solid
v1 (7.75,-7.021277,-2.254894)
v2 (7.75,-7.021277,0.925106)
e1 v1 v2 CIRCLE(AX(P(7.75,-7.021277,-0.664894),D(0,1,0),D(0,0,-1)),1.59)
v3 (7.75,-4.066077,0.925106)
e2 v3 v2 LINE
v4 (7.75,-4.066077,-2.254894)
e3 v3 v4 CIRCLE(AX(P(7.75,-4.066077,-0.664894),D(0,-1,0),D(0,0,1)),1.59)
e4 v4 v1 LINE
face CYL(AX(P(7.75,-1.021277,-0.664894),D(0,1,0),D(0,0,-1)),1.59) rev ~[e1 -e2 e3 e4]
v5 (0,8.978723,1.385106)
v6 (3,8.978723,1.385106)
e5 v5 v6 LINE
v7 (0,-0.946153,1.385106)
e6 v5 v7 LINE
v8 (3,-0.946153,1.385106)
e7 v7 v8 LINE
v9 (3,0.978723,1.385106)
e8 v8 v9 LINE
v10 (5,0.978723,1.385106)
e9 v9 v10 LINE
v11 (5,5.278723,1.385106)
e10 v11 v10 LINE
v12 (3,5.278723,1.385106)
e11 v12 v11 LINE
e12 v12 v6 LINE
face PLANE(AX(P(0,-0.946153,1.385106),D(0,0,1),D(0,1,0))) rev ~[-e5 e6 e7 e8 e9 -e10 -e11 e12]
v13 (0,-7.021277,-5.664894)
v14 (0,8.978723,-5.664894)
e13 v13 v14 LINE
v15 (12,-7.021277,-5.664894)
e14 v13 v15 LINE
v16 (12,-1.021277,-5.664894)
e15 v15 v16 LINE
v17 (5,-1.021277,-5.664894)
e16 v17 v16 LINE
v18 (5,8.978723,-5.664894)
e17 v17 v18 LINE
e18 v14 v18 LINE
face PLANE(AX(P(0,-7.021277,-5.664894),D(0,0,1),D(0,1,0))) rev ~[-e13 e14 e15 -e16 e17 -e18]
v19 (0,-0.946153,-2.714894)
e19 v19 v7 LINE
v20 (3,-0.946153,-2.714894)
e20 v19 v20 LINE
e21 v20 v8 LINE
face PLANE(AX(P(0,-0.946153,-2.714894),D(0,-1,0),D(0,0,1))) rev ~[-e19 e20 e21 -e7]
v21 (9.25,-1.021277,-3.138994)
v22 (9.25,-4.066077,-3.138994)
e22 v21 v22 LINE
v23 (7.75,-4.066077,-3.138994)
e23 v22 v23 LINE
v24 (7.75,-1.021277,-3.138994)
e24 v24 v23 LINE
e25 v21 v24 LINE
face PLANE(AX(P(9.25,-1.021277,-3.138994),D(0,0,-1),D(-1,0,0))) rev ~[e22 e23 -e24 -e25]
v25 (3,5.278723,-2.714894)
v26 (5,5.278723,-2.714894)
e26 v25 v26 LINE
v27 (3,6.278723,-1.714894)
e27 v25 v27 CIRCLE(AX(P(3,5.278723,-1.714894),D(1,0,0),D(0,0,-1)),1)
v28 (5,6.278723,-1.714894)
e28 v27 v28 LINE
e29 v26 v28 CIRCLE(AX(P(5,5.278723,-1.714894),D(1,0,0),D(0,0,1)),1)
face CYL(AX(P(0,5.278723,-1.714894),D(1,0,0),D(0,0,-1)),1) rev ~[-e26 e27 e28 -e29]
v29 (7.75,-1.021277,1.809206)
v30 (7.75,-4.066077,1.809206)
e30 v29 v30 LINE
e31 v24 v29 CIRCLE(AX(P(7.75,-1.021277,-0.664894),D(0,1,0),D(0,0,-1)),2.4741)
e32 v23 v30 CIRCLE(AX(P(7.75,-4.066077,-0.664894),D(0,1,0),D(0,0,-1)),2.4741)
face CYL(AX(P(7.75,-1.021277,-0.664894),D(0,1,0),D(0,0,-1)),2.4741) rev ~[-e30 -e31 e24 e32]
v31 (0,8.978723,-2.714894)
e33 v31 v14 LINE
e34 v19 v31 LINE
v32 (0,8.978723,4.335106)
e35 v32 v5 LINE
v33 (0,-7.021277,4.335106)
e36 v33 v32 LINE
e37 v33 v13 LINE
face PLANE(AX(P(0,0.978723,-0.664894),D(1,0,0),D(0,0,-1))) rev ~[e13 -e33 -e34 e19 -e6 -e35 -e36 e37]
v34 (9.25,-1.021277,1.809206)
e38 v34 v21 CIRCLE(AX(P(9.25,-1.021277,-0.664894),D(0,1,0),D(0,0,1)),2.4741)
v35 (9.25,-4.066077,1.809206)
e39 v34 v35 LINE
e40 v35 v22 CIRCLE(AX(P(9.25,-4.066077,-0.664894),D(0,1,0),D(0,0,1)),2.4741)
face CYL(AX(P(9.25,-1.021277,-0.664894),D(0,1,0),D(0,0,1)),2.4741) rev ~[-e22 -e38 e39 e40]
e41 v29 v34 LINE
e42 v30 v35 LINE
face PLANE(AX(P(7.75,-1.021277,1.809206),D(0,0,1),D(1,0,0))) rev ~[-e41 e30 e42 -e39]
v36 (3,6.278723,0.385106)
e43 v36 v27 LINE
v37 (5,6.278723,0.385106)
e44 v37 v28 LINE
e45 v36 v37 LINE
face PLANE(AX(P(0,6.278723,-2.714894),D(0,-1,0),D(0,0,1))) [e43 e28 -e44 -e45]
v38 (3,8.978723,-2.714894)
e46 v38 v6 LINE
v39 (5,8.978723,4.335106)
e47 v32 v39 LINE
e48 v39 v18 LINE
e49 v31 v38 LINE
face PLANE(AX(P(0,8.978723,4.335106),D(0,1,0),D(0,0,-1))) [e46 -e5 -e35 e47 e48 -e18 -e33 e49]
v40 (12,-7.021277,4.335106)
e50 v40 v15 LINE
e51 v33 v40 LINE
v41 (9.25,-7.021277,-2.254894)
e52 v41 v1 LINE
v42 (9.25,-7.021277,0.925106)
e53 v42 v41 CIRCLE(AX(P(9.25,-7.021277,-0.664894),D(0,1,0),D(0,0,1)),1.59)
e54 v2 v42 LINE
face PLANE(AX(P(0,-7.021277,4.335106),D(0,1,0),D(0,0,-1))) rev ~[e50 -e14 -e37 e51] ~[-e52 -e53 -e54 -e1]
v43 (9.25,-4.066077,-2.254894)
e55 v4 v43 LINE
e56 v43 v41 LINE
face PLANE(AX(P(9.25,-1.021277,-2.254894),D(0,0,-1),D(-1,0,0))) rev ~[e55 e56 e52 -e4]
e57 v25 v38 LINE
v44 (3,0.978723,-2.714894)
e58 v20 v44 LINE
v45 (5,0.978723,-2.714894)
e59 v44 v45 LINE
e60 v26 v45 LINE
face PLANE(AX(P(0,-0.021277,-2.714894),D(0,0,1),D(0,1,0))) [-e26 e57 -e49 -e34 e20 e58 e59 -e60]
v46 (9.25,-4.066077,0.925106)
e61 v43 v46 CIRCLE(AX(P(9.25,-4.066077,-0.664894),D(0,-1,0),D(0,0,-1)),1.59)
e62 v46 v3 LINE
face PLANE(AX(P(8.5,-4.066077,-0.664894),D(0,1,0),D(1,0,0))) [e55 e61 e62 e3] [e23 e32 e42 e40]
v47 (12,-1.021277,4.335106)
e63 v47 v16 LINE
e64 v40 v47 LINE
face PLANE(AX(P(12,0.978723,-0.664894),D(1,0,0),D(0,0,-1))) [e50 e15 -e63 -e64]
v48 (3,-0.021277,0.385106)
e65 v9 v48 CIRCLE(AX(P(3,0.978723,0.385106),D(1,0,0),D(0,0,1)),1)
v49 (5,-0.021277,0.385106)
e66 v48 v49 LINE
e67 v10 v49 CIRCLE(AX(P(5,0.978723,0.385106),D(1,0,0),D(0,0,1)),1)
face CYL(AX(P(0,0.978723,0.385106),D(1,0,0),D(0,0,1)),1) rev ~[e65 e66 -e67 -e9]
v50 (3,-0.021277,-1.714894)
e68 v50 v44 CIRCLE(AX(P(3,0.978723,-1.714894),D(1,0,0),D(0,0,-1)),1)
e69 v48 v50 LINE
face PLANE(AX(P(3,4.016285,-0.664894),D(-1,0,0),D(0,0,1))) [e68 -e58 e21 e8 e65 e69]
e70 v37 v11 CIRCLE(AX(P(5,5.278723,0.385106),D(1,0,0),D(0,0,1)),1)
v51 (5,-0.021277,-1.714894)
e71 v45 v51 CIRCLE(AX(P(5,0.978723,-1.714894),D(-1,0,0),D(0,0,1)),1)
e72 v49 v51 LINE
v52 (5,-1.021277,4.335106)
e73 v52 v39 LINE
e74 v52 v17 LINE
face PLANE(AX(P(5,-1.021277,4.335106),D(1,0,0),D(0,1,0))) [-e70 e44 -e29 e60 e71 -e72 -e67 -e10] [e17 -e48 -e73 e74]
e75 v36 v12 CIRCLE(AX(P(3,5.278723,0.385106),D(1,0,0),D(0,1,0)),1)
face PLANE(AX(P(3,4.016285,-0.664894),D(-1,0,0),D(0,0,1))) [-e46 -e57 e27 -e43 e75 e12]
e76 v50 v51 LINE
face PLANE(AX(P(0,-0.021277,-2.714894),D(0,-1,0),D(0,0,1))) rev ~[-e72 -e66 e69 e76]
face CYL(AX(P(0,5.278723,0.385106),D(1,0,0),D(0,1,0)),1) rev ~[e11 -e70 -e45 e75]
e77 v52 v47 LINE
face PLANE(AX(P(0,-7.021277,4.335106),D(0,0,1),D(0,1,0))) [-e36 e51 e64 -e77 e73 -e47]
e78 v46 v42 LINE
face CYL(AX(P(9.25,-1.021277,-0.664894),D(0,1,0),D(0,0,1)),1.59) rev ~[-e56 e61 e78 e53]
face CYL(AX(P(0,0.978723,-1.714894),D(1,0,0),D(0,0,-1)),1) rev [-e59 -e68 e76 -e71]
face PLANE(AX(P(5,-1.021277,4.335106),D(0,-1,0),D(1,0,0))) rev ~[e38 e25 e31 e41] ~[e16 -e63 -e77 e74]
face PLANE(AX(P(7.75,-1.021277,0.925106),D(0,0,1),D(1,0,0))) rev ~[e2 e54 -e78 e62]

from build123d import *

# Parameters (mm, degrees)
SKETCH1_W           = 10
SKETCH1_H           = 16
BOSS_EXTRUDE1_DEPTH = 12
SKETCH2_W           = 7
SKETCH2_H           = 10
CUT_EXTRUDE1_DEPTH  = 19.01714389
CUT_EXTRUDE2_DEPTH  = 17.615986871
CUT_EXTRUDE3_DEPTH  = 3.0448
SKETCH4_W           = 4.1
SKETCH4_H           = 6.3
CUT_EXTRUDE4_DEPTH  = 17.022125129
FILLET2_R           = 1
SKETCH4_6_W         = 4.1
SKETCH4_6_H         = 9.924876291
CUT_EXTRUDE7_DEPTH  = 3


with BuildPart() as part:
    # Sketch1 → Boss-Extrude1 (new body)
    with BuildSketch(Plane(origin=(0, 0, 0), x_dir=(0, 0, -1), z_dir=(1, 0, 0))):
        with Locations((0.664893617, 0.978723404)):
            Rectangle(SKETCH1_W, SKETCH1_H)
    extrude(amount=BOSS_EXTRUDE1_DEPTH)

    # Sketch2 → Cut-Extrude1 (cut, through all)
    with BuildSketch(Plane.XY.offset(4.335106383)):
        with Locations((8.5, 3.978723404)):
            Rectangle(SKETCH2_W, SKETCH2_H)
    extrude(amount=-CUT_EXTRUDE1_DEPTH, mode=Mode.SUBTRACT)

    # Sketch3 → Cut-Extrude2 (cut, through all)
    with BuildSketch(Plane(origin=(0, -1.021276596, 0), x_dir=(1, 0, 0), z_dir=(0, 1, 0))):
        with BuildLine():
            ThreePointArc((7.75, 2.254893617), (6.16, 0.664893617), (7.75, -0.925106383))
            Line((7.75, -0.925106383), (9.25, -0.925106383))
            ThreePointArc((9.25, -0.925106383), (10.84, 0.664893617), (9.25, 2.254893617))
            Line((9.25, 2.254893617), (7.75, 2.254893617))
        make_face()
    extrude(amount=-CUT_EXTRUDE2_DEPTH, mode=Mode.SUBTRACT)

    # Sketch3<3> → Cut-Extrude3 (cut)
    with BuildSketch(Plane(origin=(0, -1.021276596, 0), x_dir=(1, 0, 0), z_dir=(0, 1, 0))):
        with BuildLine():
            ThreePointArc((7.75, 3.138993617), (5.2759, 0.664893617), (7.75, -1.809206383))
            Line((7.75, -1.809206383), (9.25, -1.809206383))
            ThreePointArc((9.25, -1.809206383), (11.7241, 0.664893617), (9.25, 3.138993617))
            Line((9.25, 3.138993617), (7.75, 3.138993617))
        make_face()
        with BuildLine():
            ThreePointArc((9.25, 2.254893617), (10.84, 0.664893617), (9.25, -0.925106383))
            Line((9.25, -0.925106383), (7.75, -0.925106383))
            ThreePointArc((7.75, -0.925106383), (6.16, 0.664893617), (7.75, 2.254893617))
            Line((7.75, 2.254893617), (9.25, 2.254893617))
        make_face(mode=Mode.SUBTRACT)
    extrude(amount=-CUT_EXTRUDE3_DEPTH, mode=Mode.SUBTRACT)

    # Sketch4 → Cut-Extrude4 (cut, through all)
    with BuildSketch(Plane.ZY):
        with Locations((-0.664893617, 3.128723404)):
            Rectangle(SKETCH4_W, SKETCH4_H)
    extrude(amount=-CUT_EXTRUDE4_DEPTH, mode=Mode.SUBTRACT)

    # Fillet2
    fillet2_edges = [part.edges().sort_by_distance(p)[0] for p in [
        (2.5, -0.021276596, 1.385106383),
        (2.5, 6.278723404, 1.385106383),
        (2.5, 6.278723404, -2.714893617),
        (2.5, -0.021276596, -2.714893617),
    ]]
    fillet(fillet2_edges, radius=FILLET2_R)

    # Sketch4<6> → Cut-Extrude7 (cut)
    with BuildSketch(Plane.ZY):
        with Locations((-0.664893617, 4.016285258)):
            Rectangle(SKETCH4_6_W, SKETCH4_6_H)
    extrude(amount=-CUT_EXTRUDE7_DEPTH, mode=Mode.SUBTRACT)


solid = part.part
